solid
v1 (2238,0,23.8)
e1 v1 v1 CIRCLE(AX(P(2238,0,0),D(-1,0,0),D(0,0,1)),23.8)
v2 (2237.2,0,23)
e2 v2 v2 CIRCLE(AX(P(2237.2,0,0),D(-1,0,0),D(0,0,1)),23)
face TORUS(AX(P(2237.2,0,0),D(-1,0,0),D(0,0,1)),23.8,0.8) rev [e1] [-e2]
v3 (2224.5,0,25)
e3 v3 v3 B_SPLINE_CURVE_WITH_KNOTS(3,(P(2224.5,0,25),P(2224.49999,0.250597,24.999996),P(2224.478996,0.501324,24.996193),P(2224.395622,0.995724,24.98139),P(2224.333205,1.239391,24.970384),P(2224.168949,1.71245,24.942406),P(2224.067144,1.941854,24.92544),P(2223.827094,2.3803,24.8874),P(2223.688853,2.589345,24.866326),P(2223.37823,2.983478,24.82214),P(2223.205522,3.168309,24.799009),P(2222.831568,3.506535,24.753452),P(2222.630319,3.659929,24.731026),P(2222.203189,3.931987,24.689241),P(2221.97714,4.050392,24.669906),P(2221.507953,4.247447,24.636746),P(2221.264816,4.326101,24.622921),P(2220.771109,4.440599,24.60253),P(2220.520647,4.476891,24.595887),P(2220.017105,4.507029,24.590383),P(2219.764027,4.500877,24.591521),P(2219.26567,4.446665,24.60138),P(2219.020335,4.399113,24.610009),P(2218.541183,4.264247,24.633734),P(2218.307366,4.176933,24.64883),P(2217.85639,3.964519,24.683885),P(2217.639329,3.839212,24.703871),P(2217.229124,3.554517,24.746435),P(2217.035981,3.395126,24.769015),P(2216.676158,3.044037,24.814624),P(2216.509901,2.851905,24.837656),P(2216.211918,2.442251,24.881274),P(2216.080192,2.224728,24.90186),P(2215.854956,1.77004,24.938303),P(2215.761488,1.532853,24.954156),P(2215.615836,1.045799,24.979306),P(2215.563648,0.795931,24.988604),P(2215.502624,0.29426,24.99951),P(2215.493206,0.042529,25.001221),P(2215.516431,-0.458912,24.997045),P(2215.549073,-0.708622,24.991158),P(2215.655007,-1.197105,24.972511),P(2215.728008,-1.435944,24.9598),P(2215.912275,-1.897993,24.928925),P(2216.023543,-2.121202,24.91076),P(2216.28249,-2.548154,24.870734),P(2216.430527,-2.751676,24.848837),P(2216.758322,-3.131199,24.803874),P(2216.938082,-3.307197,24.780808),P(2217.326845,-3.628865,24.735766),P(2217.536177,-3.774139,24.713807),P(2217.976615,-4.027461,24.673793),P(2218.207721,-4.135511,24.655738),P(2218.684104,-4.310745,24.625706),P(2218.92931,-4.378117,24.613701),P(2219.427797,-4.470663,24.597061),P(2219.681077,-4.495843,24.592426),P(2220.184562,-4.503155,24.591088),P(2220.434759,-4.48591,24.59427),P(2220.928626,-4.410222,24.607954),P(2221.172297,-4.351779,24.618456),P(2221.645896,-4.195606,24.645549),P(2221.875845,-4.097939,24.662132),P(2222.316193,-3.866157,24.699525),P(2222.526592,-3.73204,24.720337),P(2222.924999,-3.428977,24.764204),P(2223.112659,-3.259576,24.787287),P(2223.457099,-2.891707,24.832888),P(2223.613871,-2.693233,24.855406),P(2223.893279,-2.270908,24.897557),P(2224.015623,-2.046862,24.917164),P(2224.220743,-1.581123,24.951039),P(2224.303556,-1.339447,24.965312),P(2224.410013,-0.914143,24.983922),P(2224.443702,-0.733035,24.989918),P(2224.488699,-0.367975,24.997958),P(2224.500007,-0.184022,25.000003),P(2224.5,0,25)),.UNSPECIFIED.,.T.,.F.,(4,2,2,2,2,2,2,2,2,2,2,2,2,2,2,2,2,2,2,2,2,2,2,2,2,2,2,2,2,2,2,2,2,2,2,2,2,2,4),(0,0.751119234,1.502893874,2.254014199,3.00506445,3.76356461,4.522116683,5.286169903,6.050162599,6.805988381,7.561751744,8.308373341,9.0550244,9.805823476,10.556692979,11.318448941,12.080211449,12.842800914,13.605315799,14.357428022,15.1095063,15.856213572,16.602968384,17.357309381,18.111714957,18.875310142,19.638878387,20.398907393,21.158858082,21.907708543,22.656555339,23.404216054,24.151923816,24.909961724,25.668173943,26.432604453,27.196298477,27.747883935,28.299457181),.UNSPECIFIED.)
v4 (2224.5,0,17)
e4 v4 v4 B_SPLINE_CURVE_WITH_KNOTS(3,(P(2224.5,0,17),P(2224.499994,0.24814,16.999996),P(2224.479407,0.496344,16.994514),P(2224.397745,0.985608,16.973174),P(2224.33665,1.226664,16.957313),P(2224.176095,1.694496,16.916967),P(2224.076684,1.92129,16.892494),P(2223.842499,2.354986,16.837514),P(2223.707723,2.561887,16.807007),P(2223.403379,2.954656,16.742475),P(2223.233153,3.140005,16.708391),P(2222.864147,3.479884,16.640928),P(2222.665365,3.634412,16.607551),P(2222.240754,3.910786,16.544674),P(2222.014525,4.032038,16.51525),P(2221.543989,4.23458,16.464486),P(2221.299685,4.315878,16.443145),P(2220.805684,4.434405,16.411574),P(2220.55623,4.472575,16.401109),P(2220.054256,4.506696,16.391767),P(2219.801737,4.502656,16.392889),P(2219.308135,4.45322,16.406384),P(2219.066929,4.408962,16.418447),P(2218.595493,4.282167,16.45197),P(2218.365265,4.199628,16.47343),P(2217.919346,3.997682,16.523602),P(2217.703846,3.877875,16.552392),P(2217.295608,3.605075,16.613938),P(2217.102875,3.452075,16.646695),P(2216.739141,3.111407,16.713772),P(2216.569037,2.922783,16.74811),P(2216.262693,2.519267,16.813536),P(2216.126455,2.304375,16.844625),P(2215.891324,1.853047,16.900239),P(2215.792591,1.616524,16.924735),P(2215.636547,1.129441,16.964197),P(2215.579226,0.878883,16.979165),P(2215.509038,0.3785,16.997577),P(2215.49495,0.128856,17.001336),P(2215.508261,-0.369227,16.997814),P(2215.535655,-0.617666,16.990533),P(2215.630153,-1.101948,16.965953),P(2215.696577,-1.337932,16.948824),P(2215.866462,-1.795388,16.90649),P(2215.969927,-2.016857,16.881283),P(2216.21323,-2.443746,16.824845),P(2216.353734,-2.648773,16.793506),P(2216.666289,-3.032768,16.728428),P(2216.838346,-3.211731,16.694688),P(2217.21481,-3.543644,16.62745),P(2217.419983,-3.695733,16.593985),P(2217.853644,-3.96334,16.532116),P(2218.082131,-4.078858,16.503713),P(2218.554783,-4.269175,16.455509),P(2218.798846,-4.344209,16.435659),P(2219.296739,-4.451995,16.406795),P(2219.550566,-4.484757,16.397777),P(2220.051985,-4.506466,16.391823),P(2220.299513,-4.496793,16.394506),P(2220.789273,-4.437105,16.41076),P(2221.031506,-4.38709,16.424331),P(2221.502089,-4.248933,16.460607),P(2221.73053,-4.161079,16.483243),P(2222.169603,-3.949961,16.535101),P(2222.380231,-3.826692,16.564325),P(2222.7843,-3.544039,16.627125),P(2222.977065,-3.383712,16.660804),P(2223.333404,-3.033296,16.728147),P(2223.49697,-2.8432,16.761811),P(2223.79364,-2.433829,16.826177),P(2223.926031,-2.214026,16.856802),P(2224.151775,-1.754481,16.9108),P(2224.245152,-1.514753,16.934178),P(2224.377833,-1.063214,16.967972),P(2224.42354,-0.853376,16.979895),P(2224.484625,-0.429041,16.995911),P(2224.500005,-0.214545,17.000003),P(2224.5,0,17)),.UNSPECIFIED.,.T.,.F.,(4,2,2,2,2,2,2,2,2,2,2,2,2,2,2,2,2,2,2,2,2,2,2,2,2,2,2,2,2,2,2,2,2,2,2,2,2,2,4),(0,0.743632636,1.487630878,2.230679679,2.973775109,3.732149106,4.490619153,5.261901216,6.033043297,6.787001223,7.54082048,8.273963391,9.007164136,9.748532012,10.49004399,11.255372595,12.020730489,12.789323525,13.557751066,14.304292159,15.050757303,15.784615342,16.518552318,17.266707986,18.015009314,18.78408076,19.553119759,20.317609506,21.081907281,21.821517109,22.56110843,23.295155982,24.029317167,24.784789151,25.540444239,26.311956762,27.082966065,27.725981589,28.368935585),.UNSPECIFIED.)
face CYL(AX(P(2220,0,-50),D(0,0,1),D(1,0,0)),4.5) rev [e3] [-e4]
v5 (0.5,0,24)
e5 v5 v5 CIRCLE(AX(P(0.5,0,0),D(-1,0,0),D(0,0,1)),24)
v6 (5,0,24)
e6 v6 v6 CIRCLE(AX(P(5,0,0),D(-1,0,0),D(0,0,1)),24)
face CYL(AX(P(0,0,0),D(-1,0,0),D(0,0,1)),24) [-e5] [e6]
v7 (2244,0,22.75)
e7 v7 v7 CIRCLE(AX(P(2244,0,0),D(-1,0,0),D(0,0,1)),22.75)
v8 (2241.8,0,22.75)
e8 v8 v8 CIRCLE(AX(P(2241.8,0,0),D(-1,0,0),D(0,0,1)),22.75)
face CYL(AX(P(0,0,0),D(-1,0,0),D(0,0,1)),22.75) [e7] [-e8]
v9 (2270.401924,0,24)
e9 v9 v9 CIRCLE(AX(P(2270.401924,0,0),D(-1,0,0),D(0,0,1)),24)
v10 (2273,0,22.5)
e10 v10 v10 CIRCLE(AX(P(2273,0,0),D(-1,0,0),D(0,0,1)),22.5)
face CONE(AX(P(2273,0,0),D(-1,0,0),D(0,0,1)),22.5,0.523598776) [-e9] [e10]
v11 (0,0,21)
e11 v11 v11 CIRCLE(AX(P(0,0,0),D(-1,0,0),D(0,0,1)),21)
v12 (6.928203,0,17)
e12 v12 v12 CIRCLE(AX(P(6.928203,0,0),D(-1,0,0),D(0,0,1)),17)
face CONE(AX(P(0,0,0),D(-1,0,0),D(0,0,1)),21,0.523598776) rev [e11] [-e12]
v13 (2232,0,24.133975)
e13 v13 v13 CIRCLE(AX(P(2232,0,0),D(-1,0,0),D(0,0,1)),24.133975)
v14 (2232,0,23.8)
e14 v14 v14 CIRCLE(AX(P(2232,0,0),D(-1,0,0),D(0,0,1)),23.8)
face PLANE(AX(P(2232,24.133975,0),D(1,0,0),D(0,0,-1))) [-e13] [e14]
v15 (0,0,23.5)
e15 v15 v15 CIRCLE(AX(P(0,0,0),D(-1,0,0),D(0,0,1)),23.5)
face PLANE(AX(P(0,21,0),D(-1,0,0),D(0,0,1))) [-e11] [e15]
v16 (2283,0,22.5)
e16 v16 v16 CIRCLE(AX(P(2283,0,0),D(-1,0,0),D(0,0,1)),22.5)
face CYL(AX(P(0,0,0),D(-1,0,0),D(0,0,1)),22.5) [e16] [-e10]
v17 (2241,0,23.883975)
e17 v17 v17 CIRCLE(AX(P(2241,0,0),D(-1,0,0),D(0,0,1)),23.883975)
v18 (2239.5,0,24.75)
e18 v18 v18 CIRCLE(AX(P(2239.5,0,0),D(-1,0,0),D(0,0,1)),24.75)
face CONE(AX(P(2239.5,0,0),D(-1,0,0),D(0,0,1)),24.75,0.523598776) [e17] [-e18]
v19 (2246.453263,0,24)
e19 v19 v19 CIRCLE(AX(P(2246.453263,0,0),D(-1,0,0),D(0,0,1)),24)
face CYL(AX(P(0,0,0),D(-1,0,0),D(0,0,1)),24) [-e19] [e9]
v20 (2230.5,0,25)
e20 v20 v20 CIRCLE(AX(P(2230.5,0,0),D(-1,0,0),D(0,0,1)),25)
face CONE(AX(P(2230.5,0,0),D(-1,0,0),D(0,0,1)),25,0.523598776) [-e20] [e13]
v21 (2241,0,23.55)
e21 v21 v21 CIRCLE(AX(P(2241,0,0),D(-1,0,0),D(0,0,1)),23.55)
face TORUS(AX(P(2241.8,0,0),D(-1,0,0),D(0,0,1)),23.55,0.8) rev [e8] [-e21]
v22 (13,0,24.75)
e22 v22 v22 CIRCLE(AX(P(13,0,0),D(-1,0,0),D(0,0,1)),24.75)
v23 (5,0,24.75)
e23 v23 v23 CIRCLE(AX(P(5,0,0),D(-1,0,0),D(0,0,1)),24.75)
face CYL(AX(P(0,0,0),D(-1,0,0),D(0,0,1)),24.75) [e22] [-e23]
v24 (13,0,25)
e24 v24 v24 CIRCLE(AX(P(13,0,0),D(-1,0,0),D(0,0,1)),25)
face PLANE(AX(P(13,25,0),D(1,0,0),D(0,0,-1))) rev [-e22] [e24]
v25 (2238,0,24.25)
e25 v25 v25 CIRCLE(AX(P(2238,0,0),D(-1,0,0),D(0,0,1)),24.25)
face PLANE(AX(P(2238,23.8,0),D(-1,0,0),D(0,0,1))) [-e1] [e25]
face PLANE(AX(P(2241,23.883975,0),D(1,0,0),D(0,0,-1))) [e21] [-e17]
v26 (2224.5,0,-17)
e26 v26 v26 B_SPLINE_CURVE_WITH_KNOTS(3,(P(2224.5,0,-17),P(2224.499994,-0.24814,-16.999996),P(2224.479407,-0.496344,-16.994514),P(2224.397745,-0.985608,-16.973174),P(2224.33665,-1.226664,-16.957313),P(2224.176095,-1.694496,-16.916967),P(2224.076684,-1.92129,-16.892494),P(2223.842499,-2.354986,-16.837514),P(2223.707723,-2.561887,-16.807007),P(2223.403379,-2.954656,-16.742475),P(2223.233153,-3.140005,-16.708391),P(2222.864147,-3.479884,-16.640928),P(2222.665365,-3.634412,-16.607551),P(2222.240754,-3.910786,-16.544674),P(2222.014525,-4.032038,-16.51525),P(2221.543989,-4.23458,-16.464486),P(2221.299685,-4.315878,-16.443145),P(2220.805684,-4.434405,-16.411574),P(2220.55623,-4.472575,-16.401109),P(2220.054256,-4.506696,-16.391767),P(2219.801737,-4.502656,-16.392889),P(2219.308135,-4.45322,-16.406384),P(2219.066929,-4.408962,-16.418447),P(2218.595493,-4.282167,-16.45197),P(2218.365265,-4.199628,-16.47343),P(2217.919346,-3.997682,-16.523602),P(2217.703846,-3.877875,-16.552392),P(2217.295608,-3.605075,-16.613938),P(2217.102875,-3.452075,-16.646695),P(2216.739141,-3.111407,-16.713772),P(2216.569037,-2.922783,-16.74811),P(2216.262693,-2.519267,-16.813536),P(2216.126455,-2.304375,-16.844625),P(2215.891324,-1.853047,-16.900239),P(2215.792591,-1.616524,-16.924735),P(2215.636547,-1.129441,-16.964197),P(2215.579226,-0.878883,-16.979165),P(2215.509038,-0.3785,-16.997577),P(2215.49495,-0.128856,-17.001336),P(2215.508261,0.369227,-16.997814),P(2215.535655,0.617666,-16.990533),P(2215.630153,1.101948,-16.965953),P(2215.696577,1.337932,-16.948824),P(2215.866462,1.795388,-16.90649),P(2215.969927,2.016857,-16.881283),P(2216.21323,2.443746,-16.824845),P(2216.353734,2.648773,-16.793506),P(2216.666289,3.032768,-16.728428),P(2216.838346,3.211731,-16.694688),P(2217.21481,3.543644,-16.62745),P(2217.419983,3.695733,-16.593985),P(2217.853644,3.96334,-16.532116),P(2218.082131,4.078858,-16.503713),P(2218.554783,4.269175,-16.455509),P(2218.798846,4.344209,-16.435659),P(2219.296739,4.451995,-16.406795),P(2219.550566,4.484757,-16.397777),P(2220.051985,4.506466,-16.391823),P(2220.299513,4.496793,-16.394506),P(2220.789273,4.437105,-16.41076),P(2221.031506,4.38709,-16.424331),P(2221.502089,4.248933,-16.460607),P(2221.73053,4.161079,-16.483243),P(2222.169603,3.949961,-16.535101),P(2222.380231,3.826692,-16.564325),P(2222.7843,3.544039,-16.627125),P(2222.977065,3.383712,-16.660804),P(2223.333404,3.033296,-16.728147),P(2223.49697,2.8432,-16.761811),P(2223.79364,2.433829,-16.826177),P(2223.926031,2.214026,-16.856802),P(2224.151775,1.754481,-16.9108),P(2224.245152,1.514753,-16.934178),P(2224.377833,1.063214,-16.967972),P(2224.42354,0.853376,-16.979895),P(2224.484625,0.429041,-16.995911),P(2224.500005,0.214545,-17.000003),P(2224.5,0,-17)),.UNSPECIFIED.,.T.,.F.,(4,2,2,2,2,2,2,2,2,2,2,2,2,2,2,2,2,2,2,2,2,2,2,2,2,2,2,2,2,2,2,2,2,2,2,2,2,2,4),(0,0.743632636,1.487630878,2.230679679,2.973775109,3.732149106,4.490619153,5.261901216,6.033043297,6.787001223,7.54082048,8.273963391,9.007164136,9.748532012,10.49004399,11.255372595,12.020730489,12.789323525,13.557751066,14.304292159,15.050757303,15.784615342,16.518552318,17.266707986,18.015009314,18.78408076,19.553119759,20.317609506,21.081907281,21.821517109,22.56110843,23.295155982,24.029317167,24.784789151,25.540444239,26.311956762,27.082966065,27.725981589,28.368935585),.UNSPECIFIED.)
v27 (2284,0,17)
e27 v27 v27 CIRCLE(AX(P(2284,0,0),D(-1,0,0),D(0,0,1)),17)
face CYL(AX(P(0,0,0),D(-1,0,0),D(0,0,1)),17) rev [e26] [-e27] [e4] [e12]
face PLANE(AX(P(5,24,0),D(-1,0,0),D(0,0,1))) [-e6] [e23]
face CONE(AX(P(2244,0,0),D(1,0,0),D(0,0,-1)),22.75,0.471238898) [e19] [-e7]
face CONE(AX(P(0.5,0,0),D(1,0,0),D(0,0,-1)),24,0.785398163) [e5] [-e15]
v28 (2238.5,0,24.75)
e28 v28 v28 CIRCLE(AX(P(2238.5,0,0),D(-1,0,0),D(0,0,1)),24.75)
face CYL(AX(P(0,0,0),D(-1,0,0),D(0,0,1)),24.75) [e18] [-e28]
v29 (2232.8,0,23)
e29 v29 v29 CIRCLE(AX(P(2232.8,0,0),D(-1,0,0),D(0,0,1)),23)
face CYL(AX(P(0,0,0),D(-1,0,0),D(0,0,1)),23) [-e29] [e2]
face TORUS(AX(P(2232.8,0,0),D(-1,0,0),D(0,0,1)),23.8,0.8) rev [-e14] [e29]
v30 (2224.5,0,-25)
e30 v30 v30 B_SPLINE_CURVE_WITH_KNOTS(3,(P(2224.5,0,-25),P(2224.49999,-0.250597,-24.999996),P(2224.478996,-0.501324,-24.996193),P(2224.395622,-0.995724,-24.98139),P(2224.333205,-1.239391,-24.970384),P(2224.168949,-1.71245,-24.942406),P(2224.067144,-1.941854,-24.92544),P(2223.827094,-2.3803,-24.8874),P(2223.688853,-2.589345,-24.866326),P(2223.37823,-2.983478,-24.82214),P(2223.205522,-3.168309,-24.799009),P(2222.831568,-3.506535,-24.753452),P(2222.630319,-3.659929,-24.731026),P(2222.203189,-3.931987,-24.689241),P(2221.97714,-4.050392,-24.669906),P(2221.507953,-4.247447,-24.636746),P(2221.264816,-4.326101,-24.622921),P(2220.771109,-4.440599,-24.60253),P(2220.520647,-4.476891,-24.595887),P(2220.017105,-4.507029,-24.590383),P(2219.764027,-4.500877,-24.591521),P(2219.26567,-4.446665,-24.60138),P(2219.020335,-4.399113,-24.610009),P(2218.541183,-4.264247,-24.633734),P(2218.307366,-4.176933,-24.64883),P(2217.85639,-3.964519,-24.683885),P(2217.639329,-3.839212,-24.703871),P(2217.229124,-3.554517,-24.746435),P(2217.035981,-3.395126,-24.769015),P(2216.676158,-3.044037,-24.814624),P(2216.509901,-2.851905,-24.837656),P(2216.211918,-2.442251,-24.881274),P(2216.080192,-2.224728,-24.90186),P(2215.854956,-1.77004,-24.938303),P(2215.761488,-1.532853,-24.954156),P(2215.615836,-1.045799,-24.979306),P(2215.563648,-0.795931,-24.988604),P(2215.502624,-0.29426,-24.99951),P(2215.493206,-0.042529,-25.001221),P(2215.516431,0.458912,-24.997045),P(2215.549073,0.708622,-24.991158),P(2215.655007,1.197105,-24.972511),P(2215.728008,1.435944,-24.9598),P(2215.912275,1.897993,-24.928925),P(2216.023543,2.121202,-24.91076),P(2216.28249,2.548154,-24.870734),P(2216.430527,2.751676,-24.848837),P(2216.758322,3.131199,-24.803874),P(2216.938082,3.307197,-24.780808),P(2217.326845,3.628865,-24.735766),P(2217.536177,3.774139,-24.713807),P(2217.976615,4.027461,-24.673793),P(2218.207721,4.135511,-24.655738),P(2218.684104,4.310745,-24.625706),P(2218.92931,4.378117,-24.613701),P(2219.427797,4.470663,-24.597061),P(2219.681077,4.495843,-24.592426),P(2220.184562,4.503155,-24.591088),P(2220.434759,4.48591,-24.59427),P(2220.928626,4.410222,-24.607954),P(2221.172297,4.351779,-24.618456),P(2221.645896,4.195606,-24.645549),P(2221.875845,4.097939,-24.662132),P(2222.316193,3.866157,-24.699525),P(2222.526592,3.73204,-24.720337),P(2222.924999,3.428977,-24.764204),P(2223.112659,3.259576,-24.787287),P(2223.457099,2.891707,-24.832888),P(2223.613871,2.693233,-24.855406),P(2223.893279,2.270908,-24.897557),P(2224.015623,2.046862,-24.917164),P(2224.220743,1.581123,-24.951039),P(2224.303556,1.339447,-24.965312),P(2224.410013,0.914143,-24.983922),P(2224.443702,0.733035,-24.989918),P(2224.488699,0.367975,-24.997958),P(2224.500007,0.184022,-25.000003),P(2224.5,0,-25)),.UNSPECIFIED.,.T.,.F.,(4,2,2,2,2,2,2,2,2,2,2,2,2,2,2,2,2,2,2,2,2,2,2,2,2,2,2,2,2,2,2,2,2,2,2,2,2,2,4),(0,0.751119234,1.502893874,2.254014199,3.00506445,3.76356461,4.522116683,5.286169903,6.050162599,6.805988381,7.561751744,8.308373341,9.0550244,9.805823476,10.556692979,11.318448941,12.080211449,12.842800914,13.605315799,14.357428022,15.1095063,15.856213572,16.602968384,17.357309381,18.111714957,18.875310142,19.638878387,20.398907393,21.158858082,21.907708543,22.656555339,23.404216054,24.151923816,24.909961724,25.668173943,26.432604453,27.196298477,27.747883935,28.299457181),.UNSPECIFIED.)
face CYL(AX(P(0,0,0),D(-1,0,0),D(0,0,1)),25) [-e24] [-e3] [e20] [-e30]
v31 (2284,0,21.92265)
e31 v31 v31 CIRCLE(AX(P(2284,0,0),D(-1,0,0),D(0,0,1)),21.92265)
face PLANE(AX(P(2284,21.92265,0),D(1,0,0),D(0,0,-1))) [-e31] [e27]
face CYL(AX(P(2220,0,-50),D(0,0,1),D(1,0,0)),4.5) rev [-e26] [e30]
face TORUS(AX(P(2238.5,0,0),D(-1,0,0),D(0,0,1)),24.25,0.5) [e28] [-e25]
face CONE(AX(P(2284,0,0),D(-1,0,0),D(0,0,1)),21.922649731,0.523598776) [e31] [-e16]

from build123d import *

# Parameters (mm, degrees)
SKETCH2_R          = 4.5
CUT_EXTRUDE1_DEPTH = 50


with BuildPart() as part:
    # Sketch1 → Base-Revolve (revolve)
    with BuildSketch(Plane.XY):
        with BuildLine():
            Line((0, 21), (0, 23.5))
            Line((0, 23.5), (0.5, 24))
            Line((0.5, 24), (5, 24))
            Line((5, 24), (5, 24.75))
            Line((5, 24.75), (13, 24.75))
            Line((13, 24.75), (13, 25))
            Line((13, 25), (2230.5, 25))
            Line((2230.5, 25), (2232, 24.133974596))
            Line((2232, 24.133974596), (2232, 23.8))
            ThreePointArc((2232, 23.8), (2232.234314575, 23.234314575), (2232.8, 23))
            Line((2232.8, 23), (2237.2, 23))
            ThreePointArc((2237.2, 23), (2237.765685425, 23.234314575), (2238, 23.8))
            Line((2238, 23.8), (2238, 24.25))
            ThreePointArc((2238, 24.25), (2238.146446609, 24.603553391), (2238.5, 24.75))
            Line((2238.5, 24.75), (2239.5, 24.75))
            Line((2239.5, 24.75), (2241, 23.883974596))
            Line((2241, 23.883974596), (2241, 23.55))
            ThreePointArc((2241, 23.55), (2241.234314575, 22.984314575), (2241.8, 22.75))
            Line((2241.8, 22.75), (2244, 22.75))
            Line((2244, 22.75), (2246.453263132, 24))
            Line((2246.453263132, 24), (2270.401923789, 24))
            Line((2270.401923789, 24), (2273, 22.5))
            Line((2273, 22.5), (2283, 22.5))
            Line((2283, 22.5), (2284, 21.922649731))
            Line((2284, 21.922649731), (2284, 17))
            Line((2284, 17), (6.92820323, 17))
            Line((6.92820323, 17), (0, 21))
        make_face()
    revolve(axis=Axis((0, 0, 0), (1, 0, 0)))

    # Sketch2 → Cut-Extrude1 (cut, symmetric)
    with BuildSketch(Plane.XY):
        with Locations((2220, 0)):
            Circle(SKETCH2_R)
    extrude(amount=CUT_EXTRUDE1_DEPTH, both=True, mode=Mode.SUBTRACT)


solid = part.part
